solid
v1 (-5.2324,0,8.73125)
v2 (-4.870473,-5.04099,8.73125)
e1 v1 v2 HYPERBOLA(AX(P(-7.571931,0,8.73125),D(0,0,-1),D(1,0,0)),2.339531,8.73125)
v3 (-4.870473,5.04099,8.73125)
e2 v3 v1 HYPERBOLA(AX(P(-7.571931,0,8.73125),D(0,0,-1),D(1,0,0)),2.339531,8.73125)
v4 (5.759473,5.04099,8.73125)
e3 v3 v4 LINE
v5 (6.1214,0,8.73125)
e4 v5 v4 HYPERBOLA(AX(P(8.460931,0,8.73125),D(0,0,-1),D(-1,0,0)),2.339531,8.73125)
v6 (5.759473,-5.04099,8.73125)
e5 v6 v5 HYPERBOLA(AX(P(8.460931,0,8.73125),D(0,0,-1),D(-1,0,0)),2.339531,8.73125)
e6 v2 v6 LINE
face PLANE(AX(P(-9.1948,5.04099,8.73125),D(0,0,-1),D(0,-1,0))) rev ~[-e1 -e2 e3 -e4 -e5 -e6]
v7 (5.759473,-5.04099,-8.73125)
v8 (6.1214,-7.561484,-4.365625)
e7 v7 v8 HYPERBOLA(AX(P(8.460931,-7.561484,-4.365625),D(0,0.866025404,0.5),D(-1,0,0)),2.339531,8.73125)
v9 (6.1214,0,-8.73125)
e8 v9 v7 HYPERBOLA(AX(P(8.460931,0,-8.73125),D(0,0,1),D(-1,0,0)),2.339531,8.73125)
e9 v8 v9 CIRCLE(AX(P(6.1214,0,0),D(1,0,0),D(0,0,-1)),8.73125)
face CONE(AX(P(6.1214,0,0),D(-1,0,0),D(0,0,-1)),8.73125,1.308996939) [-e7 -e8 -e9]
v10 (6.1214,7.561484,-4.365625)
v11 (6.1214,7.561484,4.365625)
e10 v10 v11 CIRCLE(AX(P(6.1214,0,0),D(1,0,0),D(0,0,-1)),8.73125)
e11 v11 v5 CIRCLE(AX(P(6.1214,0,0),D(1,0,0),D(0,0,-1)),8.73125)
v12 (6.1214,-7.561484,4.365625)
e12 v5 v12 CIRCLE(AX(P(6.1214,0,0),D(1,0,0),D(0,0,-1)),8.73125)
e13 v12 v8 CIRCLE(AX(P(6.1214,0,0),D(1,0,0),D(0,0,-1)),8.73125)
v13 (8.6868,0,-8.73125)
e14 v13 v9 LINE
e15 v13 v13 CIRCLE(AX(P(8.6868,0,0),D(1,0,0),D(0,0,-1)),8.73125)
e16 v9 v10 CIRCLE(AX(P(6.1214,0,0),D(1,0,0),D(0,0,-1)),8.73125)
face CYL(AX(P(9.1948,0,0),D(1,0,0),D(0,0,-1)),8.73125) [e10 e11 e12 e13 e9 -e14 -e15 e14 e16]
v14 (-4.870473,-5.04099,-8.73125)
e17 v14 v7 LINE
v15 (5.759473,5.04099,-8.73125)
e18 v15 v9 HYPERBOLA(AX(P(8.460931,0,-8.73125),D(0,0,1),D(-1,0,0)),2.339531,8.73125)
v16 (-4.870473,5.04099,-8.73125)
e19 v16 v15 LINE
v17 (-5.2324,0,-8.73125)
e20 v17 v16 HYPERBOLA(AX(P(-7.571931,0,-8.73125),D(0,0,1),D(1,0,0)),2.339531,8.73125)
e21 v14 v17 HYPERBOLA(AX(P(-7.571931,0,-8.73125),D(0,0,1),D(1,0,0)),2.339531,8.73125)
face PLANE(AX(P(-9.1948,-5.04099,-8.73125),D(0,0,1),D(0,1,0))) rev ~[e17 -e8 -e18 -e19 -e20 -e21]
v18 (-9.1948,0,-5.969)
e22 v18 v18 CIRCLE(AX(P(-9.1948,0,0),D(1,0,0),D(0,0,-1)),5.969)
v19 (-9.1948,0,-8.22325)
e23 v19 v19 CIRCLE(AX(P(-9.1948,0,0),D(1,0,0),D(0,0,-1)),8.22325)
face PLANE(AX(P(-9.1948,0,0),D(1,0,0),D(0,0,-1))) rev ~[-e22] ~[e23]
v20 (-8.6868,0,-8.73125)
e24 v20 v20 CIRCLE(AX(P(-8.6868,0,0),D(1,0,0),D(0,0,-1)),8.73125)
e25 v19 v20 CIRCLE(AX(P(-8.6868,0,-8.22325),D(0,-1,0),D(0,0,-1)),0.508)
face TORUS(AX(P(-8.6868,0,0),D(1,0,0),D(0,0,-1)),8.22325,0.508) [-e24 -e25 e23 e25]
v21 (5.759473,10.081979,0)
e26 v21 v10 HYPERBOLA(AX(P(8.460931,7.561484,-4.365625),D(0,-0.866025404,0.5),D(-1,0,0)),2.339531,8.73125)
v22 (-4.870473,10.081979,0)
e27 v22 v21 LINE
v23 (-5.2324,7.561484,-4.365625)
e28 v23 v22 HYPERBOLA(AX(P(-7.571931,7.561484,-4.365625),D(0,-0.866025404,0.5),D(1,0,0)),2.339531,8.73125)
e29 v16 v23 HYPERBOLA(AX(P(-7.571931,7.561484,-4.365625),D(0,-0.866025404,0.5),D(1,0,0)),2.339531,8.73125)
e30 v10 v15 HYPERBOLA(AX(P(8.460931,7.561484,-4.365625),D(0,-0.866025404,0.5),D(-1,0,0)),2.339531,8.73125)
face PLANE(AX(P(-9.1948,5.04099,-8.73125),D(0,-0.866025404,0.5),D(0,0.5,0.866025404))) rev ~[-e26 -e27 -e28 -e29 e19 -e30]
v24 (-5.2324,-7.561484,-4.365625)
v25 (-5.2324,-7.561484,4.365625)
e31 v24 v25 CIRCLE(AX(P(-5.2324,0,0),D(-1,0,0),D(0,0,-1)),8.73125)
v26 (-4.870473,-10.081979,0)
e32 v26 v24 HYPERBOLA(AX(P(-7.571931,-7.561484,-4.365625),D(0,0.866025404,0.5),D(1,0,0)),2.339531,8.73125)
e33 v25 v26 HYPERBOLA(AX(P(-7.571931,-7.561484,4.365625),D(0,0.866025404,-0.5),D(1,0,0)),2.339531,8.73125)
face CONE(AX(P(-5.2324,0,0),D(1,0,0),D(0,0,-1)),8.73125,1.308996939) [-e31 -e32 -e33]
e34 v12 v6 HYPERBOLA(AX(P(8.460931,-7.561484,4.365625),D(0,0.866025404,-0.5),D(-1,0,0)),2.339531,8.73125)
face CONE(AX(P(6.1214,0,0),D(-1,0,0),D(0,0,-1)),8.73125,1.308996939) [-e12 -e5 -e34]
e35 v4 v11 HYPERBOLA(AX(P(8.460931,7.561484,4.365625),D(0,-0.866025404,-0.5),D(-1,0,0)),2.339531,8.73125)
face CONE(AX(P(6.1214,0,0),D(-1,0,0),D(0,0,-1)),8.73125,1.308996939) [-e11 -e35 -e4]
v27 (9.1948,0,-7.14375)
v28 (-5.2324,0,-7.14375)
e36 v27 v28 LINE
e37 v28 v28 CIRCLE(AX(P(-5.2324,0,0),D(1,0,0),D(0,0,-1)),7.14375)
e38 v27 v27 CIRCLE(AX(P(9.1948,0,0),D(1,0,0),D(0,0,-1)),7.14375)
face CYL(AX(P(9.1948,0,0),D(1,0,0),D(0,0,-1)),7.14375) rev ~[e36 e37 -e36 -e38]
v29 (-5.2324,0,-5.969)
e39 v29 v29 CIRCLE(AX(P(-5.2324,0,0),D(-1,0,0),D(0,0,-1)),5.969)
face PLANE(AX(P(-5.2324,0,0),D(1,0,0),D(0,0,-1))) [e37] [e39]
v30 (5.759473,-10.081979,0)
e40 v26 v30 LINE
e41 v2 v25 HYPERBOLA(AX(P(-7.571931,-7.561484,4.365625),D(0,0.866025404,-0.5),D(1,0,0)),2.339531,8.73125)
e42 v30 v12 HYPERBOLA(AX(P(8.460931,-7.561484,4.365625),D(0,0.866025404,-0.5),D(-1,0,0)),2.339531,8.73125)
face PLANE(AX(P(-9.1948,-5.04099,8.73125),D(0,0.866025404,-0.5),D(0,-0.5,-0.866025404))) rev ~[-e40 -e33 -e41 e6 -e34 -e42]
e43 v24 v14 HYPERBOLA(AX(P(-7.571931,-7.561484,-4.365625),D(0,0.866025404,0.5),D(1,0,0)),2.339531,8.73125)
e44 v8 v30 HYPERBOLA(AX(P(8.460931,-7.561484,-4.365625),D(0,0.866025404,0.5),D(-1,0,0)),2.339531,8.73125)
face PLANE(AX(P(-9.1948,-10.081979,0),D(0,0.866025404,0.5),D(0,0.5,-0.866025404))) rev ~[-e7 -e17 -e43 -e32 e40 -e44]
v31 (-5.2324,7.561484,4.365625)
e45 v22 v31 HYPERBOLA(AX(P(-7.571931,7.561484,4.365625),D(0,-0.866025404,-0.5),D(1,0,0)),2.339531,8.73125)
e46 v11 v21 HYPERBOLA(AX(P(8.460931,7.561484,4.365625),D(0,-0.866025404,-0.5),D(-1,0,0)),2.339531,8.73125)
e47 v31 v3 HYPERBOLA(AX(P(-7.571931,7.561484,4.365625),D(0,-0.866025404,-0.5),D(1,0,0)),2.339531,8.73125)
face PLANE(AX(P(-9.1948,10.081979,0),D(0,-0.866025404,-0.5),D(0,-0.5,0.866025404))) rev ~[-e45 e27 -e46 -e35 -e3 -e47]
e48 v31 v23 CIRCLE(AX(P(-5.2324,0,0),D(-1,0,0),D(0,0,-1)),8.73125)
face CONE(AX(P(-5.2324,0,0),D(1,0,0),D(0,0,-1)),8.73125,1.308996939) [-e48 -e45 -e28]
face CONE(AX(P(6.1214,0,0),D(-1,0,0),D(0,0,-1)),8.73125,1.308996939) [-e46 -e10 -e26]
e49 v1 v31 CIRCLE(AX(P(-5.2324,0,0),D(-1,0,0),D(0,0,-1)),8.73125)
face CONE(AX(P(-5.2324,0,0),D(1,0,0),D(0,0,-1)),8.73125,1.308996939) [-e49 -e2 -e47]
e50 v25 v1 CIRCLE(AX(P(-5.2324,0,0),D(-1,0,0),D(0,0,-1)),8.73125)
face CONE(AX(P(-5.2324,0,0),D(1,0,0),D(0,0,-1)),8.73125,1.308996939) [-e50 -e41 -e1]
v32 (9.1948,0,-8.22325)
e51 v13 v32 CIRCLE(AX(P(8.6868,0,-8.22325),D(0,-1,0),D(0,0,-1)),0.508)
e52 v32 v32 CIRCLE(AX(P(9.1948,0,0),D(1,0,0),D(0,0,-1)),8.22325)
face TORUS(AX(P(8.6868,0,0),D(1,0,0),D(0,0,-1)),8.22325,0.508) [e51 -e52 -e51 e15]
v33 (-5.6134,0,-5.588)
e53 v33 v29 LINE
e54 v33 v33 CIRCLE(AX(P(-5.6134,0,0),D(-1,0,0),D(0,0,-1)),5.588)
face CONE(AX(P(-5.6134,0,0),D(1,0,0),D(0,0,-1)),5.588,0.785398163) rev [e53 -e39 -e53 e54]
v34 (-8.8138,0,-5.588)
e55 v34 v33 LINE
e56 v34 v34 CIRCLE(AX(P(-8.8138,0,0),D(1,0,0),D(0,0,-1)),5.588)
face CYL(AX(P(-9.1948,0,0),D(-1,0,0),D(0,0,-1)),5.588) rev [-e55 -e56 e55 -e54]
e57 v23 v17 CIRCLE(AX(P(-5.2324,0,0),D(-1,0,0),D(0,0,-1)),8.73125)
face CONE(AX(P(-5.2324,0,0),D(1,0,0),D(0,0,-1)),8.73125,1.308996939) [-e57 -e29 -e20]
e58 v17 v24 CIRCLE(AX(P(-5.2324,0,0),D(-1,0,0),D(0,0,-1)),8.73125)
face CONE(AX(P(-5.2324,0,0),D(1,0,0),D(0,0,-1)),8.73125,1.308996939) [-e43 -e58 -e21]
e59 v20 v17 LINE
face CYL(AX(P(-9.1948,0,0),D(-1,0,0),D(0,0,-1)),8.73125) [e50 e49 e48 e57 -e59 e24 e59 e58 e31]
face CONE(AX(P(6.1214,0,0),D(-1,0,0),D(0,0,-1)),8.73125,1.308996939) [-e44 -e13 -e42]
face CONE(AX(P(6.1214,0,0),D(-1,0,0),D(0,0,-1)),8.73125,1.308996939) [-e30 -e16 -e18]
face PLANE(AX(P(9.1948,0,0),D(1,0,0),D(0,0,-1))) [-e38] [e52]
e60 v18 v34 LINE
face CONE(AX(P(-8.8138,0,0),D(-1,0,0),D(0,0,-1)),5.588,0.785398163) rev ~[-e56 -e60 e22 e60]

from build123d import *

# Parameters (mm, degrees)
BOSS_EXTRUDE1_DEPTH      = 9.1948
BOSS_EXTRUDE1_DEPTH_BACK = 9.1948
SKETCH3_R                = 5.588
SKETCH4_OUTSIDE_W        = 25.942
SKETCH4_OUTSIDE_H        = 28.644
SKETCH4_OUTSIDE_R        = 8.73125
CUT_EXTRUDE1_DEPTH       = 3.9624
SKETCH5_OUTSIDE_W        = 25.942
SKETCH5_OUTSIDE_H        = 28.644
SKETCH5_OUTSIDE_R        = 8.73125
CUT_EXTRUDE2_DEPTH       = 3.0734
SKETCH6_OUTSIDE_W        = 180.058
SKETCH6_OUTSIDE_H        = 182.76
SKETCH6_OUTSIDE_R        = 8.73125
CUT_EXTRUDE3_DEPTH       = 20.647522197
CUT_EXTRUDE3_DRAFT       = -75
SKETCH7_OUTSIDE_W        = 184.996
SKETCH7_OUTSIDE_H        = 187.698
SKETCH7_OUTSIDE_R        = 8.73125
CUT_EXTRUDE4_DEPTH       = 21.309283864
CUT_EXTRUDE4_DRAFT       = -75
SKETCH8_R                = 7.14375
CUT_EXTRUDE5_DEPTH       = 14.4272
CHAMFER1_SIZE            = 0.381
FILLET1_R                = 0.508


with BuildPart() as part:
    # Sketch3 → Boss-Extrude1 (new, two sides: drawn at the far end of the back side and taken through both)
    with BuildSketch(Plane(origin=(0, 0, 0), x_dir=(0, 0, -1), z_dir=(1, 0, 0)).offset(-BOSS_EXTRUDE1_DEPTH_BACK)):
        Polygon((8.73125, 5.040989538), (0, 10.081979076), (-8.73125, 5.040989538), (-8.73125, -5.040989538), (0, -10.081979076), (8.73125, -5.040989538), align=None)
        Circle(SKETCH3_R, mode=Mode.SUBTRACT)
    extrude(amount=BOSS_EXTRUDE1_DEPTH + BOSS_EXTRUDE1_DEPTH_BACK)

    # Sketch4 outside → Cut-Extrude1 (cut)
    with BuildSketch(Plane.ZY.offset(9.1948)):
        Rectangle(SKETCH4_OUTSIDE_W, SKETCH4_OUTSIDE_H)
        with Locations(Location((0, 0, 0), (0, 0, 180))):
            Circle(SKETCH4_OUTSIDE_R, mode=Mode.SUBTRACT)
    extrude(amount=-CUT_EXTRUDE1_DEPTH, mode=Mode.SUBTRACT)

    # Sketch5 outside → Cut-Extrude2 (cut)
    with BuildSketch(Plane(origin=(9.1948, 0, 0), x_dir=(0, 0, -1), z_dir=(1, 0, 0))):
        Rectangle(SKETCH5_OUTSIDE_W, SKETCH5_OUTSIDE_H)
        Circle(SKETCH5_OUTSIDE_R, mode=Mode.SUBTRACT)
    extrude(amount=-CUT_EXTRUDE2_DEPTH, mode=Mode.SUBTRACT)


with BuildPart() as cut_extrude3_tool:
    # Sketch6 outside → Cut-Extrude3 (with draft: the straight prism first)
    with BuildSketch(Plane.ZY.offset(5.2324)):
        Rectangle(SKETCH6_OUTSIDE_W, SKETCH6_OUTSIDE_H)
        with Locations(Location((0, 0, 0), (0, 0, 180))):
            Circle(SKETCH6_OUTSIDE_R, mode=Mode.SUBTRACT)
    extrude(amount=-CUT_EXTRUDE3_DEPTH)
    # Cut-Extrude3: the draft: its side faces are tilted about the plane it starts from
    cut_extrude3_sides = [cut_extrude3_tool.faces().sort_by_distance(p)[0] for p in [
        (5.091361099, -91.38, 0),
        (5.091361099, 0, 90.029),
        (5.091361099, 91.38, 0),
        (5.091361099, 0, -90.029),
        (5.091361099, 0, 8.73125),
    ]]
    draft(cut_extrude3_sides, Plane.ZY.offset(5.2324), CUT_EXTRUDE3_DRAFT)


with BuildPart() as part_1:
    add(part.part)

    # Cut-Extrude3: cut by cut_extrude3_tool
    add(cut_extrude3_tool.part, mode=Mode.SUBTRACT)


with BuildPart() as cut_extrude4_tool:
    # Sketch7 outside → Cut-Extrude4 (with draft: the straight prism first)
    with BuildSketch(Plane(origin=(6.1214, 0, 0), x_dir=(0, 0, -1), z_dir=(1, 0, 0))):
        Rectangle(SKETCH7_OUTSIDE_W, SKETCH7_OUTSIDE_H)
        Circle(SKETCH7_OUTSIDE_R, mode=Mode.SUBTRACT)
    extrude(amount=-CUT_EXTRUDE4_DEPTH)
    # Cut-Extrude4: the draft: its side faces are tilted about the plane it starts from
    cut_extrude4_sides = [cut_extrude4_tool.faces().sort_by_distance(p)[0] for p in [
        (-4.533241932, -93.849, 0),
        (-4.533241932, 0, -92.498),
        (-4.533241932, 93.849, 0),
        (-4.533241932, 0, 92.498),
        (-4.533241932, 0, 8.73125),
    ]]
    draft(cut_extrude4_sides, Plane(origin=(6.1214, 0, 0), x_dir=(0, 0, -1), z_dir=(1, 0, 0)), CUT_EXTRUDE4_DRAFT)


with BuildPart() as part_2:
    add(part_1.part)

    # Cut-Extrude4: cut by cut_extrude4_tool
    add(cut_extrude4_tool.part, mode=Mode.SUBTRACT)

    # Sketch8 → Cut-Extrude5 (cut)
    with BuildSketch(Plane(origin=(9.1948, 0, 0), x_dir=(0, 0, -1), z_dir=(1, 0, 0))):
        Circle(SKETCH8_R)
    extrude(amount=-CUT_EXTRUDE5_DEPTH, mode=Mode.SUBTRACT)

    # Chamfer1
    chamfer1_edges = [part_2.edges().sort_by_distance(p)[0] for p in [
        (-9.1948, 0, 5.588),
        (-5.2324, 0, 5.588),
    ]]
    chamfer(chamfer1_edges, length=CHAMFER1_SIZE)

    # Fillet1
    fillet1_edges = [part_2.edges().sort_by_distance(p)[0] for p in [
        (-9.1948, 0, 8.73125),
        (9.1948, 0, 8.73125),
    ]]
    fillet(fillet1_edges, radius=FILLET1_R)


solid = part_2.part
